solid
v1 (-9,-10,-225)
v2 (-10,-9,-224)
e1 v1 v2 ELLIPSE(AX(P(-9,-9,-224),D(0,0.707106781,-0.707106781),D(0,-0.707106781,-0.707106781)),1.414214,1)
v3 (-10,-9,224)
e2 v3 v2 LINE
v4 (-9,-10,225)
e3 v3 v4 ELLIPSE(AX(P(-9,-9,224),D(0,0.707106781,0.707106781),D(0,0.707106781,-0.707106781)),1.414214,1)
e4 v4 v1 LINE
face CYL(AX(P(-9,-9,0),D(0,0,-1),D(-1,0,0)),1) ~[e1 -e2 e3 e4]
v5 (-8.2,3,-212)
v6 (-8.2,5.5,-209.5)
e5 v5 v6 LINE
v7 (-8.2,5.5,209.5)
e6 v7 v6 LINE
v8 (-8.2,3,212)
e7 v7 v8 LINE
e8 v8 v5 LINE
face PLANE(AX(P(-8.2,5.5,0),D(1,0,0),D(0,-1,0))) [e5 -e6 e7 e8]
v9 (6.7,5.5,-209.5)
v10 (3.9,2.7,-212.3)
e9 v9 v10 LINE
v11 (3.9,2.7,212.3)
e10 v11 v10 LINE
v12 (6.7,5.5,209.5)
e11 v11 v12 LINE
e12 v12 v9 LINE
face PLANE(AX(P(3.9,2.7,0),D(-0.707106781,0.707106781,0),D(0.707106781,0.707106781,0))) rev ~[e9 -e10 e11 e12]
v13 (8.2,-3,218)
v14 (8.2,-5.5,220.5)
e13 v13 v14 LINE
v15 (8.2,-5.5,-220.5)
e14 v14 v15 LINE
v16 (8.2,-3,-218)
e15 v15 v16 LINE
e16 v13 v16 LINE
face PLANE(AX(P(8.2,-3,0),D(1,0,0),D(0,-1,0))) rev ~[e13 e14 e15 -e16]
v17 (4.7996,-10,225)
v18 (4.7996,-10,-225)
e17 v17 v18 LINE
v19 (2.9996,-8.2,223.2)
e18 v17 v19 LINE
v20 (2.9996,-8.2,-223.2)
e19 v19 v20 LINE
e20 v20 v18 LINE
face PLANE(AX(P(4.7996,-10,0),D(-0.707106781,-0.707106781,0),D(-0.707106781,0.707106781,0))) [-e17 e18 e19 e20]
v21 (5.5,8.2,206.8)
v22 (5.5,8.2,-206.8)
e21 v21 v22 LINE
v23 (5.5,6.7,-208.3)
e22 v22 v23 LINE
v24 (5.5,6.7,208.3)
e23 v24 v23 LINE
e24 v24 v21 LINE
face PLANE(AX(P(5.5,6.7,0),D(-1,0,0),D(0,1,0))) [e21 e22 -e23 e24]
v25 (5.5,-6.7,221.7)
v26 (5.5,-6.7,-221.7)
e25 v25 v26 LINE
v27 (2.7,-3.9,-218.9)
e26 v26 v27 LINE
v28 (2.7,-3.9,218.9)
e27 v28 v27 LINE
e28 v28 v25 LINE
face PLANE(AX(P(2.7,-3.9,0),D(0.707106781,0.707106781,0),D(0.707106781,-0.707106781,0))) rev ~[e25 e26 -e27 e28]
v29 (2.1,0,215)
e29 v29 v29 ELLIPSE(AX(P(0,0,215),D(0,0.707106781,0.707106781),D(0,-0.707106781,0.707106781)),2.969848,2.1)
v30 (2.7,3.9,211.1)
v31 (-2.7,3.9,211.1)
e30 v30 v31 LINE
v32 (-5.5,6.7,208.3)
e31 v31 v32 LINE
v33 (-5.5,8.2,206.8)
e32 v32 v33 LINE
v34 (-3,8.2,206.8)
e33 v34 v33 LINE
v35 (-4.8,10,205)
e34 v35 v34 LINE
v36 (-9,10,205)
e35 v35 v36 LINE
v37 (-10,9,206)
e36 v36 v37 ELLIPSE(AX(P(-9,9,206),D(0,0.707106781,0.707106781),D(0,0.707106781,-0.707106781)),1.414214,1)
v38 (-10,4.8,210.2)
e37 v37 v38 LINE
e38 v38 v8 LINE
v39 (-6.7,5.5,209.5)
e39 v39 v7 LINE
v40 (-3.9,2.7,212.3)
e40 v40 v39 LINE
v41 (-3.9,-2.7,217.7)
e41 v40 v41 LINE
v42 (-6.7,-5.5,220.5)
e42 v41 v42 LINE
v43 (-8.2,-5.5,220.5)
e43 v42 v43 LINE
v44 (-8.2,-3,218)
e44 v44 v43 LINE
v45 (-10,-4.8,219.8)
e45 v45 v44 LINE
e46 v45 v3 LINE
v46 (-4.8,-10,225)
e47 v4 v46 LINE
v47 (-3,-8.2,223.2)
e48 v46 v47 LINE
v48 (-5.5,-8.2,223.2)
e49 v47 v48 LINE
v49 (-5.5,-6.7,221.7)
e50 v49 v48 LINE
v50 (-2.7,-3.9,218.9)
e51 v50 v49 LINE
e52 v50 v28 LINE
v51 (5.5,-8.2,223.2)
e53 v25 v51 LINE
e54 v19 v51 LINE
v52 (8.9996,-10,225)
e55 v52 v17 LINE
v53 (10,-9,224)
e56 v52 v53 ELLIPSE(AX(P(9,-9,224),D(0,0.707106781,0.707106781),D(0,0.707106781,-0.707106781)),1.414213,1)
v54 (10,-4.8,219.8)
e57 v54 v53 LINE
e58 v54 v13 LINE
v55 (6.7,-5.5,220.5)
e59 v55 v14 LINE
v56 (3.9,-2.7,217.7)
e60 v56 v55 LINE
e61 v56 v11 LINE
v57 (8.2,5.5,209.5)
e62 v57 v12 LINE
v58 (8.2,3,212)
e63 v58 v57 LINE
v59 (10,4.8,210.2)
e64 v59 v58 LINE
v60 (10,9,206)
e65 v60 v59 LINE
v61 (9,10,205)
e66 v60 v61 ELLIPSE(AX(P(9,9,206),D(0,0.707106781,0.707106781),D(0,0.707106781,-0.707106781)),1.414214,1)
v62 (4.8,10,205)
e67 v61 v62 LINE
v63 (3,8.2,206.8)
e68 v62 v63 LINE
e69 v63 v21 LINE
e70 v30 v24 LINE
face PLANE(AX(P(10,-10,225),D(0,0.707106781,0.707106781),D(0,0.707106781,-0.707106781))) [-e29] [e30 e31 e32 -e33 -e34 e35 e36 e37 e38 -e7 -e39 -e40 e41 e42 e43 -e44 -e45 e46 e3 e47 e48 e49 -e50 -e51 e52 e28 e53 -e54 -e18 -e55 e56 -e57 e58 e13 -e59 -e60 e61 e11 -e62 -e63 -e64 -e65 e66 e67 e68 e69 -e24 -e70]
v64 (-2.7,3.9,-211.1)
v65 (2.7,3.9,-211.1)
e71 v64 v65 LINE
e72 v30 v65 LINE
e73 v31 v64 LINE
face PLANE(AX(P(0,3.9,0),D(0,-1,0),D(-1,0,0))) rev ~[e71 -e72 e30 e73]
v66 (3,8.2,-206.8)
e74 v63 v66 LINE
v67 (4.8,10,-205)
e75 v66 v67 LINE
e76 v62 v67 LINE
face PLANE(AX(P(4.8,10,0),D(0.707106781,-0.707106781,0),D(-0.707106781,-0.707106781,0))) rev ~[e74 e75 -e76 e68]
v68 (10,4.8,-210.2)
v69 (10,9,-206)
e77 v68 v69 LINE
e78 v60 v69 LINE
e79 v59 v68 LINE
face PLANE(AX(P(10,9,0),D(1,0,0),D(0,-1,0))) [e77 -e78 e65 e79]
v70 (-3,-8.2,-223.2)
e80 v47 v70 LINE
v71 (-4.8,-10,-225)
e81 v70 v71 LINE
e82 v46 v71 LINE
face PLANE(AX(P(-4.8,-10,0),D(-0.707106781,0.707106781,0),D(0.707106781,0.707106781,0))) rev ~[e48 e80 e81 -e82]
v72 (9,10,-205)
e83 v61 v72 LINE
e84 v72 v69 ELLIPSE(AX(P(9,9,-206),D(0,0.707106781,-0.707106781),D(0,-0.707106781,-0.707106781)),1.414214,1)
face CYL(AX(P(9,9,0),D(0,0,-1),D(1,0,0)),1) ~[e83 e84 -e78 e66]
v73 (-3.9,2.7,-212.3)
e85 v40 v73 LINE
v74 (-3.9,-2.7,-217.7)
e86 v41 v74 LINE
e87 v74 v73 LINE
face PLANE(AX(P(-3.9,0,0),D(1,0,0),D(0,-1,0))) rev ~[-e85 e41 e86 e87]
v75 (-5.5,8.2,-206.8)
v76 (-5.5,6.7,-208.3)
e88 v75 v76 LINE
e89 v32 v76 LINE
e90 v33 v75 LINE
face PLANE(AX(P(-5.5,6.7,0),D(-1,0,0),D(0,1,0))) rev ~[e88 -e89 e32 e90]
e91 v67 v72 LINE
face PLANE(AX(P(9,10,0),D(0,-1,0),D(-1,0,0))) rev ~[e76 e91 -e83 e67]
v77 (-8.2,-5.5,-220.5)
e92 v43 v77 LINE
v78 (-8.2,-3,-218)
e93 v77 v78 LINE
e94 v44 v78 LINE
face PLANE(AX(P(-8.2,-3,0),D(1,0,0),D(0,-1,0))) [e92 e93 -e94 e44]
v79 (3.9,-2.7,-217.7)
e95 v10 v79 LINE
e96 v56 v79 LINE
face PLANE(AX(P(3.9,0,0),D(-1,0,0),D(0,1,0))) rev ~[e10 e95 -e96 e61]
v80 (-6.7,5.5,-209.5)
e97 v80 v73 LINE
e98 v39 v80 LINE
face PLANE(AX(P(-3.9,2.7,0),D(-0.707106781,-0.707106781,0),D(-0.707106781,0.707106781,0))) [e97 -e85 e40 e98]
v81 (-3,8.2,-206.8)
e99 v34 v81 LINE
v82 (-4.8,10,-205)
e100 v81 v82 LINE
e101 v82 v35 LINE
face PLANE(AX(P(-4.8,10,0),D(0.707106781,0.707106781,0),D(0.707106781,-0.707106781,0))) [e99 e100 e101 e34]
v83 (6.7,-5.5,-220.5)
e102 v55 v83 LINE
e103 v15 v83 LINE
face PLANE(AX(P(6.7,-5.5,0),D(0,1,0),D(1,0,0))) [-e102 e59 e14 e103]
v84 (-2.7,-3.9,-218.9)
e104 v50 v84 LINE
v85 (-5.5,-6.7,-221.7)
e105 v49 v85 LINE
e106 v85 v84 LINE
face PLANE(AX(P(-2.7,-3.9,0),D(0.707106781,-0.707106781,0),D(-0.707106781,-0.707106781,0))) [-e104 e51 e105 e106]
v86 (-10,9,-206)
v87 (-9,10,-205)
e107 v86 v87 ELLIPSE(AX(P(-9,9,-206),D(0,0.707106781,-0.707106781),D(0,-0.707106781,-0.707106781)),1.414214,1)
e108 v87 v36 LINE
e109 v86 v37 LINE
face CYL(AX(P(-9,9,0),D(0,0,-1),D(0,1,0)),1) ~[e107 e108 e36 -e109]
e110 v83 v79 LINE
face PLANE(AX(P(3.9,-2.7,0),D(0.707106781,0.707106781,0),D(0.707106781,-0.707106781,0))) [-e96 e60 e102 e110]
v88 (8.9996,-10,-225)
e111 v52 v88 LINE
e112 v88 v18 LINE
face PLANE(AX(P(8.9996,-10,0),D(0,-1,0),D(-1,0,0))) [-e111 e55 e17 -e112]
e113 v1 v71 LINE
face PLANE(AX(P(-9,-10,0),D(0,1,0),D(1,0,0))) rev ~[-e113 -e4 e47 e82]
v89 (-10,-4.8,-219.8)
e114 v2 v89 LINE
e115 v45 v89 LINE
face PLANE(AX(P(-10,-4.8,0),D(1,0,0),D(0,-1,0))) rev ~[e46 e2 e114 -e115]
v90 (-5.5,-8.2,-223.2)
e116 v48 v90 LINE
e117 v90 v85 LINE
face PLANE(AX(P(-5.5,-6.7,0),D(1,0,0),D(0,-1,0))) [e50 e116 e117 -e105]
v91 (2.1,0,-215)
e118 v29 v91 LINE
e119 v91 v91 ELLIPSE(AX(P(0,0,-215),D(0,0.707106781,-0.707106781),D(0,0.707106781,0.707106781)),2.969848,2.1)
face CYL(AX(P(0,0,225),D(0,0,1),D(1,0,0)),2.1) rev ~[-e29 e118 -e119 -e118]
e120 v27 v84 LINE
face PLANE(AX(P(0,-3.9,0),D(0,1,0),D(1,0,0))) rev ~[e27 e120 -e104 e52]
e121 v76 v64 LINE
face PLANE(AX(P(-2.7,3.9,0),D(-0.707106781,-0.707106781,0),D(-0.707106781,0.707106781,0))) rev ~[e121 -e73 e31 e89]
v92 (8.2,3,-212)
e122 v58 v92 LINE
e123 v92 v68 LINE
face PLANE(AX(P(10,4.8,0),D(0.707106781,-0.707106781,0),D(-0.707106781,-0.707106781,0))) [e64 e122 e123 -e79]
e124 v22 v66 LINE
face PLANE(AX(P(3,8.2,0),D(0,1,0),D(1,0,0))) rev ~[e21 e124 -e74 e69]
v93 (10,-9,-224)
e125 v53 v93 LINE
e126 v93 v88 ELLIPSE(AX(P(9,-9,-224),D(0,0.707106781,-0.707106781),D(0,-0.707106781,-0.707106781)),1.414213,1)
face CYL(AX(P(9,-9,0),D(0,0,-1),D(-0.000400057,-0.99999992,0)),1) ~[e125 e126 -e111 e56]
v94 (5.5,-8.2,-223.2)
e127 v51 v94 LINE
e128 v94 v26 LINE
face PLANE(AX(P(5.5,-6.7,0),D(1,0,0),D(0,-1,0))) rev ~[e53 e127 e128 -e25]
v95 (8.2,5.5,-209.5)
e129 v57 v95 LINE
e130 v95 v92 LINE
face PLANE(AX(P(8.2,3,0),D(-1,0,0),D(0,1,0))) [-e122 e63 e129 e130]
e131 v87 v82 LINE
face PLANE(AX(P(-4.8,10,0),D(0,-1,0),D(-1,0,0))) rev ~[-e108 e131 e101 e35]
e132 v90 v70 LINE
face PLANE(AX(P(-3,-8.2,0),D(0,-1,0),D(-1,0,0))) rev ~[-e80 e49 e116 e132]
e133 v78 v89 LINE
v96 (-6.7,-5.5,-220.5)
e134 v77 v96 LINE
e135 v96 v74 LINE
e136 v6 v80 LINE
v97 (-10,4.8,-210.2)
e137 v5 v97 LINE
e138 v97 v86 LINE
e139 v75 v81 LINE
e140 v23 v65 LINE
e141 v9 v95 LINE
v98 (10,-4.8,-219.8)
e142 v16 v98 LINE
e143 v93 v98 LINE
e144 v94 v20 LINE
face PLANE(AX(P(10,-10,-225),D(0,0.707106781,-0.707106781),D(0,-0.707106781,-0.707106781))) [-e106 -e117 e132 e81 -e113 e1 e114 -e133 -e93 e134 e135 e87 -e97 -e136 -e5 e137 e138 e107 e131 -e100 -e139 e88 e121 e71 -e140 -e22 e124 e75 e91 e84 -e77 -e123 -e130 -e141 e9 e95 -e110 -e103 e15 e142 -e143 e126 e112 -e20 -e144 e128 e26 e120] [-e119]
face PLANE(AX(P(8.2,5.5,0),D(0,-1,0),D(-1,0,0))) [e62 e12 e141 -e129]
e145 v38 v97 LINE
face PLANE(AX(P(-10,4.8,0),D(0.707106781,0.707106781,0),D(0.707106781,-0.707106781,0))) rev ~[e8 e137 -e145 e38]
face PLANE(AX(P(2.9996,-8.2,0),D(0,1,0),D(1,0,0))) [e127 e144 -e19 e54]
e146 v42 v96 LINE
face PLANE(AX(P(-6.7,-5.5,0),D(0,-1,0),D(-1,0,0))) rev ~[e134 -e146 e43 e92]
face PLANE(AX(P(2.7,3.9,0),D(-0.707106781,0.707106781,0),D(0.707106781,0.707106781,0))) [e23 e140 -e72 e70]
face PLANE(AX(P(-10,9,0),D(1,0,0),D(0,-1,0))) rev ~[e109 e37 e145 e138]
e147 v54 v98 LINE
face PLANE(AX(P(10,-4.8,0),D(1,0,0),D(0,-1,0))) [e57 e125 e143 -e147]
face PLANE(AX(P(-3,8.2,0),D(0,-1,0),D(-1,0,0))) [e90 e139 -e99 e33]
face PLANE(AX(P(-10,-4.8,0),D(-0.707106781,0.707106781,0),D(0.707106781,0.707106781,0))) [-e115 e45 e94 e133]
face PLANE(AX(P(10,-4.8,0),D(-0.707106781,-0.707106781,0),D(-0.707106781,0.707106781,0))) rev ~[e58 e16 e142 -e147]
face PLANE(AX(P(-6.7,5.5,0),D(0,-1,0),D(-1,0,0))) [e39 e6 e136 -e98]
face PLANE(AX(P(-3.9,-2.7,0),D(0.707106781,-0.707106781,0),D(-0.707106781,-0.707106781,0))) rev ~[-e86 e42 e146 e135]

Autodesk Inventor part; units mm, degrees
ref_plane "YZ Plane" through (0, 0, 0) normal (1, 0, 0) x (0, 1, 0)
sketch "Эскиз1" plane through (0, 0, 0) normal (0, 0, 1) x (1, 0, 0)
  line L0 (-4.8, 10) -> (-3, 8.2)
  line L1 (-4.8, 10) -> (-2.2544, 10) construction
  line L2 (4.8, 10) -> (3, 8.2)
  line L3 (4.8, 10) -> (7.3456, 10) construction
  line L4 (10, 4.8) -> (8.2, 3)
  arc A0 (-9, 10) -> (-10, 9) centre (-9, 9) ccw
  arc A1 (10, 9) -> (9, 10) centre (9, 9) ccw
  arc A2 (-10, -9) -> (-9, -10) centre (-9, -9) ccw
  arc A3 (8.9996, -10) -> (10, -9) centre (9, -9) ccw
  line L5 (0, 3.9) -> (-2.7, 3.9)
  line L6 (0, 3.9) -> (2.7, 3.9)
  line L7 (3, 8.2) -> (5.5, 8.2)
  line L8 (2.7, 3.9) -> (5.5, 6.7)
  line L9 (5.5, 6.7) -> (5.5, 8.2)
  line L10 (3.9, 0) -> (3.9, 2.7)
  line L11 (3.9, 0) -> (3.9, -2.7)
  line L12 (3.9, 2.7) -> (6.7, 5.5)
  line L13 (3.9, 2.7) -> (7.8598, 2.7) construction
  line L14 (9, 10) -> (4.8, 10)
  line L15 (-4.8, 10) -> (-9, 10)
  line L16 (0, -3.9) -> (-2.7, -3.9)
  line L17 (0, -3.9) -> (2.7, -3.9)
  line L18 (-3.9, 0) -> (-3.9, -2.7)
  line L19 (-3.9, 0) -> (-3.9, 2.7)
  line L20 (8.2, 3) -> (8.2, 5.5)
  line L21 (8.2, 5.5) -> (6.7, 5.5)
  line L22 (-10, -4.8) -> (-7.4544, -4.8) construction
  line L23 (-4.8, -10) -> (-3, -8.2)
  line L24 (-4.8, -10) -> (-2.2544, -10) construction
  line L25 (4.7996, -10) -> (2.9996, -8.2)
  line L26 (4.7996, -10) -> (7.3452, -10) construction
  line L27 (10, -4.8) -> (8.2, -3)
  line L28 (8.9996, -10) -> (4.7996, -10)
  line L29 (-9, -10) -> (-4.8, -10)
  line L30 (10, -4.8) -> (10, -9)
  line L31 (10, 9) -> (10, 4.8)
  line L32 (-10, -4.8) -> (-10, -9)
  line L33 (-3, 8.2) -> (-5.5, 8.2)
  line L34 (-2.7, 3.9) -> (-5.5, 6.7)
  line L35 (-2.7, 3.9) -> (1.2598, 3.9) construction
  line L36 (-5.5, 6.7) -> (-5.5, 8.2)
  line L37 (-3.9, 2.7) -> (-6.7, 5.5)
  line L38 (-6.7, 5.5) -> (-8.2, 5.5)
  line L39 (-8.2, -3) -> (-8.2, -5.5)
  line L40 (-3, -8.2) -> (-5.5, -8.2)
  line L41 (2.9996, -8.2) -> (5.5, -8.2)
  line L42 (8.2, -3) -> (8.2, -5.5)
  line L43 (-3.9, -2.7) -> (-6.7, -5.5)
  line L44 (-6.7, -5.5) -> (-8.2, -5.5)
  line L45 (-2.7, -3.9) -> (-5.5, -6.7)
  line L46 (-5.5, -6.7) -> (-5.5, -8.2)
  line L47 (-10, 9) -> (-10, 4.8)
  line L48 (-10, 4.8) -> (-8.2, 3)
  line L49 (-8.2, 5.5) -> (-8.2, 3)
  line L50 (-10, -4.8) -> (-8.2, -3)
  line L51 (2.7, -3.9) -> (5.5, -6.7)
  line L52 (5.5, -6.7) -> (5.5, -8.2)
  line L53 (3.9, -2.7) -> (6.7, -5.5)
  line L54 (6.7, -5.5) -> (8.2, -5.5)
  point P0 (0, 0)
  dimension "d16" = 45
  dimension "d17" = 135
  dimension "d25" = 6
  dimension "d29" = 1
  dimension "d30" = 1
  dimension "d31" = 2.7
  dimension "d32" = 2.7
  dimension "d34" = 2.5
  dimension "d36" = 2.7
  dimension "d37" = 2.7
  dimension "d38" = 3.9
  dimension "d39" = 45
  dimension "d42" = 2.7
  dimension "d43" = 2.7
  dimension "d44" = 3.9
  dimension "d45" = 2.7
  dimension "d46" = 2.7
  dimension "d48" = 10
  dimension "d49" = 10
  dimension "d55" = 4.5
  dimension "d58" = 9
  dimension "d59" = 9
  dimension "d60" = 2.5
  dimension "d61" = 2.8
  dimension "d63" = 1.6971
  dimension "d65" = 45
  dimension "d67" = 135
  dimension "d73" = 10
  dimension "d74" = 10
  dimension "d77" = 18
  dimension "d78" = 18
  dimension "d79" = 135
  dimension "d80" = 135
  dimension "d81" = 4.5
  dimension "d82" = 1.8
  dimension "d83" = 1.8
  dimension "d84" = 1
  dimension "d85" = 1
  dimension "d87" = 4.5
  dimension "d89" = 1.8
  dimension "d91" = 135
  dimension "d92" = 1.6971
  dimension "d94" = 4.5
  dimension "d95" = 1.8
  dimension "d96" = 4.5
  dimension "d97" = 1.8
  dimension "d98" = 4.5
  dimension "d99" = 1.8
  dimension "d100" = 1.8
  dimension "d107" = 4.2
  dimension "d108" = 10
  dimension "d109" = 4.5
  dimension "d110" = 1.8
  dimension "d111" = 135
  dimension "d112" = 4.2
  dimension "d113" = 4.2
  dimension "d114" = 6
  dimension "d115" = 135
  dimension "d116" = 1.6971
  dimension "d117" = 4.2
  dimension "d118" = 4.2
  dimension "d119" = 4.5
  dimension "d120" = 135
  dimension "d121" = 1.5
extrude "Выдавливание2" add sketch "Эскиз1" along normal mid plane 450
sketch "Эскиз2" plane through (0, 0, 225) normal (0, 0, 1) x (1, 0, 0)
  circle A0 centre (0, 0) radius 2.1
  dimension "d131" = 4.2
extrude "Выдавливание3" cut sketch "Эскиз2" against normal through all
sketch "Эскиз3" plane through (10, 9, 225) normal (1, 0, 0) x (0, 0, -1)
  line L0 (0, -17.2) -> (0, -19) projected
  line L1 (0, -19) -> (17.7821, -1.2179)
  line L2 (0, -19) -> (25.1477, -19) construction
  point P0 (225, -9)
  dimension "d134" = 45
ref_plane "РабПлоскость1" through (10, -10, 225) normal (0, -0.7071, -0.7071) x (0, 0.7071, -0.7071)
sketch "Эскиз4" plane through (10, -4.8, 225) normal (1, 0, 0) x (0, 0, -1)
  line L0 (450, -5.2) -> (0, -5.2) projected
  line L1 (450, -5.2) -> (430, 14.8)
  line L2 (450, 14.8) -> (0, 14.8) projected
  line L3 (450, -5.2) -> (478.2843, -5.2) construction
  point P0 (225, 4.8)
  dimension "d136" = 135
ref_plane "РабПлоскость2" through (10, -10, -225) normal (0, -0.7071, 0.7071) x (0, 0.7071, 0.7071)
split "Разделение1" plane through (10, -10, 225) removes the side toward (0, 0.7071, 0.7071)
split "Разделение2" plane through (10, -10, -225) removes the side toward (0, 0.7071, -0.7071)
properties part number "Профиль_аллюминиевый450_45"
